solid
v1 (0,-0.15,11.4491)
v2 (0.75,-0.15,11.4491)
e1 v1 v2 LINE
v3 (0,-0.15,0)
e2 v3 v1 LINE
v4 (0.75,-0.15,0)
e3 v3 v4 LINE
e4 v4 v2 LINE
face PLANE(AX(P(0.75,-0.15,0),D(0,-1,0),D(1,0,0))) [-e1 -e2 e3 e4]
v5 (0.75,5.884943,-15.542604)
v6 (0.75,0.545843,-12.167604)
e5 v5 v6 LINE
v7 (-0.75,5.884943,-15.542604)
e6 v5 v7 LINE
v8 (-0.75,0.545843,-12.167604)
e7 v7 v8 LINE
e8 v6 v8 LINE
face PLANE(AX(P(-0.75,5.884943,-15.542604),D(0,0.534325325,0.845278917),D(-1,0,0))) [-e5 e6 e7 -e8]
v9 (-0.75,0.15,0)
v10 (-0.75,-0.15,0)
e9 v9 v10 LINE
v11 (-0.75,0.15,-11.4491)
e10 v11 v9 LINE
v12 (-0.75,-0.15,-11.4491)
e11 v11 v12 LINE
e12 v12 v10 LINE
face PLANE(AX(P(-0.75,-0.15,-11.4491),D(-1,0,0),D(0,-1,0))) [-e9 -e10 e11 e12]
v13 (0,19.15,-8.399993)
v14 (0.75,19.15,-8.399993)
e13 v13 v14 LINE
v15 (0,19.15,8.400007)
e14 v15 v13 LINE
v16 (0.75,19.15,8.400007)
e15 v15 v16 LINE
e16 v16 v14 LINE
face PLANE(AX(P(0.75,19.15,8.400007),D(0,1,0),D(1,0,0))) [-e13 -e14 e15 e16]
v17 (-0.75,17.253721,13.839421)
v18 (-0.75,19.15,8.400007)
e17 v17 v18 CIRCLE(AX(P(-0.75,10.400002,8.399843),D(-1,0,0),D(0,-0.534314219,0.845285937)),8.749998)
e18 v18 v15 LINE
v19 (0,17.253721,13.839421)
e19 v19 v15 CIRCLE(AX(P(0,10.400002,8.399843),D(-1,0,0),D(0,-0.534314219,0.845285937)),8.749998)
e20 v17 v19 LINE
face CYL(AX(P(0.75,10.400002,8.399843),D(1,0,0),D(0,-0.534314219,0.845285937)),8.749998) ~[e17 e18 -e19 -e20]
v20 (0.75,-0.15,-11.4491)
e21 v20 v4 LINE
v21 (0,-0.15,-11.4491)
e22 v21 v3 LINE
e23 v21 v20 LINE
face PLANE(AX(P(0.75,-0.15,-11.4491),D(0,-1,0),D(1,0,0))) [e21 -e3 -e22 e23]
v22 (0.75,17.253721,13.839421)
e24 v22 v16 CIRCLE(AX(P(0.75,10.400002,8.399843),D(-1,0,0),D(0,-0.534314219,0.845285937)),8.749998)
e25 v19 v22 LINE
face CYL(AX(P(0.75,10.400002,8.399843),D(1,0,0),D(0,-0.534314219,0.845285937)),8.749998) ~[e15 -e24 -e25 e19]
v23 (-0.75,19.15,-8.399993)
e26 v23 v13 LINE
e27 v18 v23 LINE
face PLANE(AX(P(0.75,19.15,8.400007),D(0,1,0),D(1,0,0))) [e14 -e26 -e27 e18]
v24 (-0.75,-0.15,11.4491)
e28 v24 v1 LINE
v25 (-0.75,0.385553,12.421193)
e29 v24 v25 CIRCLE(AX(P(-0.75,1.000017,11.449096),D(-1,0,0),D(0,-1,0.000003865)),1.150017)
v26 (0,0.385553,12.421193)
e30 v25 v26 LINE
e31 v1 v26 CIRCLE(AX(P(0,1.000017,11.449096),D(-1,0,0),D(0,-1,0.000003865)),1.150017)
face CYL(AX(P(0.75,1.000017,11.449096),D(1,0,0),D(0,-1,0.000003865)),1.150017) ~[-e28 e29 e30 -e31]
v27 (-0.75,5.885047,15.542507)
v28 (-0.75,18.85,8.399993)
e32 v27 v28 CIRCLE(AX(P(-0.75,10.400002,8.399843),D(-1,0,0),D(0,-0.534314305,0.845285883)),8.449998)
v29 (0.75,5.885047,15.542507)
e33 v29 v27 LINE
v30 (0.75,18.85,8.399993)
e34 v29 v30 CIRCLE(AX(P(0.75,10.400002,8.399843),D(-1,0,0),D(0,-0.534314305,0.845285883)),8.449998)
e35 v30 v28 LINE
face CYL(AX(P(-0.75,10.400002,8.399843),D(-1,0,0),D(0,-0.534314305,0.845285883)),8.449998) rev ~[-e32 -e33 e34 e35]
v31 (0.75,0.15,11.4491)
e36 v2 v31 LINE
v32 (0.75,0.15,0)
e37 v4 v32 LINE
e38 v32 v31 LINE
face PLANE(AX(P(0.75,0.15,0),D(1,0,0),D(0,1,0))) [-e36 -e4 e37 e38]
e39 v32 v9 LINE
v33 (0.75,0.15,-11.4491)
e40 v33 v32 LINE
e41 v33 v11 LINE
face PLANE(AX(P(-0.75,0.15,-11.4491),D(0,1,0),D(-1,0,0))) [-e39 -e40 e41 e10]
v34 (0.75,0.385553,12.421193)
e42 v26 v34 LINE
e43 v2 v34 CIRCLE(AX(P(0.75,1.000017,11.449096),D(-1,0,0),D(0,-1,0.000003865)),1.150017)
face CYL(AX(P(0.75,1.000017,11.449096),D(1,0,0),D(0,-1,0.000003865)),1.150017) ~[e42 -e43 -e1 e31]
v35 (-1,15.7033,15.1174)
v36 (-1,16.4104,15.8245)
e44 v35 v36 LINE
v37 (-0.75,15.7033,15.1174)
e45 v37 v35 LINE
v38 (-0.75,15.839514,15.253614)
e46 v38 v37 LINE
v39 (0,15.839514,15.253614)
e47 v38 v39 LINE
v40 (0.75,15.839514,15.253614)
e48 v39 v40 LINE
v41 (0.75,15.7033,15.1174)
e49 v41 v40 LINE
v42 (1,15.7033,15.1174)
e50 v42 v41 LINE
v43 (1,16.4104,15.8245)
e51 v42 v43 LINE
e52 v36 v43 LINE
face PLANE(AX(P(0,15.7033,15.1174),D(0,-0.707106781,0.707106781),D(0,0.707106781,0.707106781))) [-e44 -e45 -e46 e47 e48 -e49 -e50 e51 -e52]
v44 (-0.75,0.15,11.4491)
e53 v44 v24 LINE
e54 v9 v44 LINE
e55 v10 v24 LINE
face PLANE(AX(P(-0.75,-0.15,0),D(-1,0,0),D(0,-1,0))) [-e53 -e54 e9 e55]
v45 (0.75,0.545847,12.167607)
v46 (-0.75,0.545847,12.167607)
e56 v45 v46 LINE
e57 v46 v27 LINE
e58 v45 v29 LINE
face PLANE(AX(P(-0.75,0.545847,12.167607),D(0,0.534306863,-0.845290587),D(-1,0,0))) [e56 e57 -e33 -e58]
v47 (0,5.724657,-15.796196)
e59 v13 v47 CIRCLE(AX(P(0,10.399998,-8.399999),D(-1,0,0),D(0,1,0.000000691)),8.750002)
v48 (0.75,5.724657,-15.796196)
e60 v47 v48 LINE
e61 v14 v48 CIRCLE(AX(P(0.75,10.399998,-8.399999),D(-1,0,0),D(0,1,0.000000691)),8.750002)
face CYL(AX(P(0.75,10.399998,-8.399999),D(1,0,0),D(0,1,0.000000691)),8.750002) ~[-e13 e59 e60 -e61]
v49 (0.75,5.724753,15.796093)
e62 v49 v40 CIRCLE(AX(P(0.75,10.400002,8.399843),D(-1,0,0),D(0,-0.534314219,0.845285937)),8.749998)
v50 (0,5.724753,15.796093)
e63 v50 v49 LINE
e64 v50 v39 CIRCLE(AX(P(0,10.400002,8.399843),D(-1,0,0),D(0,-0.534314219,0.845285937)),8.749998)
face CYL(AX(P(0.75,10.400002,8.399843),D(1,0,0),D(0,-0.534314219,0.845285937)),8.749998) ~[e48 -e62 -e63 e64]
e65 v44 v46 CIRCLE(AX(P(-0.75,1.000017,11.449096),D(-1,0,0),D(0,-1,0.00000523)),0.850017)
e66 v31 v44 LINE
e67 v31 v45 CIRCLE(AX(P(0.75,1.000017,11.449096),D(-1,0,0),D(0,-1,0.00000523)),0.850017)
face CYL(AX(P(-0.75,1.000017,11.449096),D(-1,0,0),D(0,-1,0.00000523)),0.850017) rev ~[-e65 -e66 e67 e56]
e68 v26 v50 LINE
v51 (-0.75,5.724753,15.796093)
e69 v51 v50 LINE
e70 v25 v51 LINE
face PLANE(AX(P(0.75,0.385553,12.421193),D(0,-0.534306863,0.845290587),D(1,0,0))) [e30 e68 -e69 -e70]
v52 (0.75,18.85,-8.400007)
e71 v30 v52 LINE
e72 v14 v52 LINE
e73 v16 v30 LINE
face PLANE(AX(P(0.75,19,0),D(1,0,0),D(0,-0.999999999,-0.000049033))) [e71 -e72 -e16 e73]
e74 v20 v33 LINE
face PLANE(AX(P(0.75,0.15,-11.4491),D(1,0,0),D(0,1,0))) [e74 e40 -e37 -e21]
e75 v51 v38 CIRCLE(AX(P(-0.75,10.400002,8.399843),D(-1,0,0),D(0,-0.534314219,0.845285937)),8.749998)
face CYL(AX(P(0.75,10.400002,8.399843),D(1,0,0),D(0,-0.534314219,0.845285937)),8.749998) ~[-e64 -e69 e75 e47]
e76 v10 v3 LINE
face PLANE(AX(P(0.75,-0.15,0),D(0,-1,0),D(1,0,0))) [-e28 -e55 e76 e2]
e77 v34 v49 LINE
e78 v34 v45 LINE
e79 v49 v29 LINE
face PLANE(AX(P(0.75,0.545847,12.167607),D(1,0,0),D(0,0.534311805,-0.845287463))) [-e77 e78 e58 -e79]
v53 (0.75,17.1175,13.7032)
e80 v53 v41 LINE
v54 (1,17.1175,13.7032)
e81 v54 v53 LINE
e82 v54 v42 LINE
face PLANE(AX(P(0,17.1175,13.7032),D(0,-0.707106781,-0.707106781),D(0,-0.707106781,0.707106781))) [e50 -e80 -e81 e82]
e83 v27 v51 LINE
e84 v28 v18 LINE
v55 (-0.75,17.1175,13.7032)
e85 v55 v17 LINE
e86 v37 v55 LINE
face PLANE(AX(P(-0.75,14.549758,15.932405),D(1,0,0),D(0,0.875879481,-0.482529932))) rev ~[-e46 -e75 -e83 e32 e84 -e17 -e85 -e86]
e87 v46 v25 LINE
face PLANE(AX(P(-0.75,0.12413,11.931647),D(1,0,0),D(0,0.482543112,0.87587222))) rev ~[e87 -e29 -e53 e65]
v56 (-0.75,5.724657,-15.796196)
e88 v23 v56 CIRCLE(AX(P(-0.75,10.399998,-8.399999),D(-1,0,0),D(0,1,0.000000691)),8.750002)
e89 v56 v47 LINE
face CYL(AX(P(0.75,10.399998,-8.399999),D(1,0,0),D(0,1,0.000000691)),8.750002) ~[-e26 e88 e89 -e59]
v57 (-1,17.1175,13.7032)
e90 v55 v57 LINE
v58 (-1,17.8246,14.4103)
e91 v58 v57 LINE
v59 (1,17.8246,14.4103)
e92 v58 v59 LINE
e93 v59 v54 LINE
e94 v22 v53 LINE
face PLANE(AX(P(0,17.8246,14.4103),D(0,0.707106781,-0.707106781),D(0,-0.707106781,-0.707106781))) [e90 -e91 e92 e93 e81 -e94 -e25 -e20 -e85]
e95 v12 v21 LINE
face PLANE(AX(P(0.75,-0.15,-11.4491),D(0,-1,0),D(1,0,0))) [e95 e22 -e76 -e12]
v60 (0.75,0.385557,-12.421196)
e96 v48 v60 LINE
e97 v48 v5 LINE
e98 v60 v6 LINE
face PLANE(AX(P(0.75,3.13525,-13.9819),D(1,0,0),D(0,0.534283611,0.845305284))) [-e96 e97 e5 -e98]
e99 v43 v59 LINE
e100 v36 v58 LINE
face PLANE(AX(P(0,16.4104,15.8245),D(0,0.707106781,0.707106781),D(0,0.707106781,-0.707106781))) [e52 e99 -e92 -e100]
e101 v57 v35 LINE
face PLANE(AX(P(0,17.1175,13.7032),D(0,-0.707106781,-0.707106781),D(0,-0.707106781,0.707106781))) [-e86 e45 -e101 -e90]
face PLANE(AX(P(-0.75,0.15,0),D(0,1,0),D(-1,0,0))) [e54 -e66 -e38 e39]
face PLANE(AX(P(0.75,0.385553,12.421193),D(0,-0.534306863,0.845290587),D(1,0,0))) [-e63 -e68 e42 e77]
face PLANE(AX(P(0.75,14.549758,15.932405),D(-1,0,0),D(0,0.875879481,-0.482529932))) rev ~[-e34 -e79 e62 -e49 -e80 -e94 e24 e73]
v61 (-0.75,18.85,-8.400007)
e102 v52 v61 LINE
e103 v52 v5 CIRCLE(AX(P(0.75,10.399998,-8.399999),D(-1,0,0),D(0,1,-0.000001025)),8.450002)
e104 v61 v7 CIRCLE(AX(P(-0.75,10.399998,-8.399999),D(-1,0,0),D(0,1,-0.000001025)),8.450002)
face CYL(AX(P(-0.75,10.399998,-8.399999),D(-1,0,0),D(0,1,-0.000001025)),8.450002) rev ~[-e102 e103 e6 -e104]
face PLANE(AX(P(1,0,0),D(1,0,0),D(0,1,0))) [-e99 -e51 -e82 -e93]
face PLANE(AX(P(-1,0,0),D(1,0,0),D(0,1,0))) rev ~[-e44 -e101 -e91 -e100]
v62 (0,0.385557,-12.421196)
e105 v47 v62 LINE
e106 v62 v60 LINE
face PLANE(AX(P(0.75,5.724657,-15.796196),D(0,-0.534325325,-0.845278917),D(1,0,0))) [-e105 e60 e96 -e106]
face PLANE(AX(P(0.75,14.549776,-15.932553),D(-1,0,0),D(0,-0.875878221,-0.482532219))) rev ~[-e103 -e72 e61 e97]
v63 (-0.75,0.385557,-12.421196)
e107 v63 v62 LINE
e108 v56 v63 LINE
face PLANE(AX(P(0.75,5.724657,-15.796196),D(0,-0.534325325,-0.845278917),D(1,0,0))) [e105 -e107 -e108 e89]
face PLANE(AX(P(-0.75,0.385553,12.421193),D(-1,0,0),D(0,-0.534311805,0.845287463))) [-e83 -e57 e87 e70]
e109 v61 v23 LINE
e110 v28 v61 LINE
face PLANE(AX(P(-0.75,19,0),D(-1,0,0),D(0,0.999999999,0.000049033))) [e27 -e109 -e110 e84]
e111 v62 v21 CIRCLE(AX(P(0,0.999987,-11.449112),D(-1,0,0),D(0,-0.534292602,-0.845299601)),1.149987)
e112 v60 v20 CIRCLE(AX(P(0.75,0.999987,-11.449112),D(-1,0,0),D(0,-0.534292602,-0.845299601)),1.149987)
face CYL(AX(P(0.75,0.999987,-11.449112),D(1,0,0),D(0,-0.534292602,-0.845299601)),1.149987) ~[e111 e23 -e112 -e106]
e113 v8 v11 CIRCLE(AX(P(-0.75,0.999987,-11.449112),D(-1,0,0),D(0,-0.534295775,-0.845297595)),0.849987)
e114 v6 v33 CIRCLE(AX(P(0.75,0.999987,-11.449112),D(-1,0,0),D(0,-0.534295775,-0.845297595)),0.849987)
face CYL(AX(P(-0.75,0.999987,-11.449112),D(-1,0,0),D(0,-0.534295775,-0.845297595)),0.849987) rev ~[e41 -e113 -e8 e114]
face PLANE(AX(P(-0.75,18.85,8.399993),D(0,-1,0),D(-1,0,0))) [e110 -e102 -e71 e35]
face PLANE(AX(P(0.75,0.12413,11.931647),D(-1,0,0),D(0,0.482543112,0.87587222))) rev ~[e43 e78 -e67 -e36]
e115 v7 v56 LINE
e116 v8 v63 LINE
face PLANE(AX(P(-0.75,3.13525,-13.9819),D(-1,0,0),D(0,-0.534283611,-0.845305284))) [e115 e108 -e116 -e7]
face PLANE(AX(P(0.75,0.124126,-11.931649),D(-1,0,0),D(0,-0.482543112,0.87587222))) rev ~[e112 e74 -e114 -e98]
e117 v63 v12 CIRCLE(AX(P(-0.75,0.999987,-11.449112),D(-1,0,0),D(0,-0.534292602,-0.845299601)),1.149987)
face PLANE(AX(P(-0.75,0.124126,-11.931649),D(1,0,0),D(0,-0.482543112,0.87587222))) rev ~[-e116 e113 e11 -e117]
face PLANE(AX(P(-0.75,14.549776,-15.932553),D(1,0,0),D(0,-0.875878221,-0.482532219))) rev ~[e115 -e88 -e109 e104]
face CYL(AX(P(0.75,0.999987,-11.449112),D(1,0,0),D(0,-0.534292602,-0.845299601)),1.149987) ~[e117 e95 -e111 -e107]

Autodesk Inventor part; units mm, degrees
ref_plane "YZ Plane" through (0, 0, 0) normal (1, 0, 0) x (0, 1, 0)
ref_plane "XZ Plane" through (0, 0, 0) normal (0, 1, 0) x (-1, 0, 0)
ref_plane "XY Plane" through (0, 0, 0) normal (0, 0, 1) x (1, 0, 0)
sketch "Sketch1" plane through (0, 0, 0) normal (0, 0, 1) x (1, 0, 0)
  line L0 (-0.75, 0.15) -> (0.75, 0.15)
  line L1 (0.75, 0.15) -> (0.75, -0.15)
  line L2 (0.75, -0.15) -> (-0.75, -0.15)
  line L3 (-0.75, -0.15) -> (-0.75, 0.15)
  line L4 (0, -0.2204) -> (0, 0)
  line L5 (0, 0) -> (0.3288, 0)
  dimension "d0" = 1.5
  dimension "d1" = 0.3
sketch3d "3D Sketch1"
  line L0 (0, 0, 0) -> (0, 0, 11.4491)
  arc A0 (0, 0, 11.4491) -> (0, 0.4657, 12.2944) centre (0, 1, 11.4491) ccw
  line L1 (0, 0.4657, 12.2944) -> (0, 5.8049, 15.6693)
  arc A1 (0, 5.8049, 15.6693) -> (0, 19, 8.4) centre (0, 10.4, 8.3999) ccw
  line L2 (0, 19, 8.4) -> (0, 19, -8.4)
  arc A2 (0, 19, -8.4) -> (0, 5.8048, -15.6694) centre (0, 10.4, -8.4) ccw
  line L3 (0, 5.8048, -15.6694) -> (0, 0.4657, -12.2944)
  arc A3 (0, 0.4657, -12.2944) -> (0, 0, -11.4491) centre (0, 1, -11.4491) ccw
  line L4 (0, 0, -11.4491) -> (0, 0, 0)
  dimension "d10" = 16.8
  dimension "d11" = 12
  dimension "d12" = 12
  dimension "d13" = 19
  dimension "d2" = 8.6
  dimension "d3" = 8.6
  dimension "d5" = 1
  dimension "d6" = 1
sweep "Sweep1" add profiles "Sketch1" path "3D Sketch1"
sketch "Sketch2" plane through (0, 0, 0) normal (1, 0, 0) x (0, 1, 0)
  line L0 (17.8246, 14.4103) -> (17.1175, 13.7032)
  line L1 (17.1175, 13.7032) -> (15.7033, 15.1174)
  line L2 (15.7033, 15.1174) -> (16.4104, 15.8245)
  line L3 (16.4104, 15.8245) -> (17.8246, 14.4103)
  arc A0 (18.85, 8.4) -> (5.8851, 15.5425) centre (10.4, 8.3999) ccw projected
  line L4 (10.4, 8.3999) -> (24.1814, 22.1813) construction
  line L5 (-0.15, -11.4491) -> (-0.15, 11.4491) construction
  point P0 (0, 0)
  point P1 (16.4104, 14.4103)
  point P2 (16.4104, 14.4103)
  dimension "d15" = 2
  dimension "d16" = 1
  dimension "d17" = 45
  dimension "d18" = 8.5
extrude "Extrusion1" add sketch "Sketch2" along normal mid plane 2
equation "\"d6\" = d5"
properties part number "battery_cord_2x" material "Polyester Yarn"
